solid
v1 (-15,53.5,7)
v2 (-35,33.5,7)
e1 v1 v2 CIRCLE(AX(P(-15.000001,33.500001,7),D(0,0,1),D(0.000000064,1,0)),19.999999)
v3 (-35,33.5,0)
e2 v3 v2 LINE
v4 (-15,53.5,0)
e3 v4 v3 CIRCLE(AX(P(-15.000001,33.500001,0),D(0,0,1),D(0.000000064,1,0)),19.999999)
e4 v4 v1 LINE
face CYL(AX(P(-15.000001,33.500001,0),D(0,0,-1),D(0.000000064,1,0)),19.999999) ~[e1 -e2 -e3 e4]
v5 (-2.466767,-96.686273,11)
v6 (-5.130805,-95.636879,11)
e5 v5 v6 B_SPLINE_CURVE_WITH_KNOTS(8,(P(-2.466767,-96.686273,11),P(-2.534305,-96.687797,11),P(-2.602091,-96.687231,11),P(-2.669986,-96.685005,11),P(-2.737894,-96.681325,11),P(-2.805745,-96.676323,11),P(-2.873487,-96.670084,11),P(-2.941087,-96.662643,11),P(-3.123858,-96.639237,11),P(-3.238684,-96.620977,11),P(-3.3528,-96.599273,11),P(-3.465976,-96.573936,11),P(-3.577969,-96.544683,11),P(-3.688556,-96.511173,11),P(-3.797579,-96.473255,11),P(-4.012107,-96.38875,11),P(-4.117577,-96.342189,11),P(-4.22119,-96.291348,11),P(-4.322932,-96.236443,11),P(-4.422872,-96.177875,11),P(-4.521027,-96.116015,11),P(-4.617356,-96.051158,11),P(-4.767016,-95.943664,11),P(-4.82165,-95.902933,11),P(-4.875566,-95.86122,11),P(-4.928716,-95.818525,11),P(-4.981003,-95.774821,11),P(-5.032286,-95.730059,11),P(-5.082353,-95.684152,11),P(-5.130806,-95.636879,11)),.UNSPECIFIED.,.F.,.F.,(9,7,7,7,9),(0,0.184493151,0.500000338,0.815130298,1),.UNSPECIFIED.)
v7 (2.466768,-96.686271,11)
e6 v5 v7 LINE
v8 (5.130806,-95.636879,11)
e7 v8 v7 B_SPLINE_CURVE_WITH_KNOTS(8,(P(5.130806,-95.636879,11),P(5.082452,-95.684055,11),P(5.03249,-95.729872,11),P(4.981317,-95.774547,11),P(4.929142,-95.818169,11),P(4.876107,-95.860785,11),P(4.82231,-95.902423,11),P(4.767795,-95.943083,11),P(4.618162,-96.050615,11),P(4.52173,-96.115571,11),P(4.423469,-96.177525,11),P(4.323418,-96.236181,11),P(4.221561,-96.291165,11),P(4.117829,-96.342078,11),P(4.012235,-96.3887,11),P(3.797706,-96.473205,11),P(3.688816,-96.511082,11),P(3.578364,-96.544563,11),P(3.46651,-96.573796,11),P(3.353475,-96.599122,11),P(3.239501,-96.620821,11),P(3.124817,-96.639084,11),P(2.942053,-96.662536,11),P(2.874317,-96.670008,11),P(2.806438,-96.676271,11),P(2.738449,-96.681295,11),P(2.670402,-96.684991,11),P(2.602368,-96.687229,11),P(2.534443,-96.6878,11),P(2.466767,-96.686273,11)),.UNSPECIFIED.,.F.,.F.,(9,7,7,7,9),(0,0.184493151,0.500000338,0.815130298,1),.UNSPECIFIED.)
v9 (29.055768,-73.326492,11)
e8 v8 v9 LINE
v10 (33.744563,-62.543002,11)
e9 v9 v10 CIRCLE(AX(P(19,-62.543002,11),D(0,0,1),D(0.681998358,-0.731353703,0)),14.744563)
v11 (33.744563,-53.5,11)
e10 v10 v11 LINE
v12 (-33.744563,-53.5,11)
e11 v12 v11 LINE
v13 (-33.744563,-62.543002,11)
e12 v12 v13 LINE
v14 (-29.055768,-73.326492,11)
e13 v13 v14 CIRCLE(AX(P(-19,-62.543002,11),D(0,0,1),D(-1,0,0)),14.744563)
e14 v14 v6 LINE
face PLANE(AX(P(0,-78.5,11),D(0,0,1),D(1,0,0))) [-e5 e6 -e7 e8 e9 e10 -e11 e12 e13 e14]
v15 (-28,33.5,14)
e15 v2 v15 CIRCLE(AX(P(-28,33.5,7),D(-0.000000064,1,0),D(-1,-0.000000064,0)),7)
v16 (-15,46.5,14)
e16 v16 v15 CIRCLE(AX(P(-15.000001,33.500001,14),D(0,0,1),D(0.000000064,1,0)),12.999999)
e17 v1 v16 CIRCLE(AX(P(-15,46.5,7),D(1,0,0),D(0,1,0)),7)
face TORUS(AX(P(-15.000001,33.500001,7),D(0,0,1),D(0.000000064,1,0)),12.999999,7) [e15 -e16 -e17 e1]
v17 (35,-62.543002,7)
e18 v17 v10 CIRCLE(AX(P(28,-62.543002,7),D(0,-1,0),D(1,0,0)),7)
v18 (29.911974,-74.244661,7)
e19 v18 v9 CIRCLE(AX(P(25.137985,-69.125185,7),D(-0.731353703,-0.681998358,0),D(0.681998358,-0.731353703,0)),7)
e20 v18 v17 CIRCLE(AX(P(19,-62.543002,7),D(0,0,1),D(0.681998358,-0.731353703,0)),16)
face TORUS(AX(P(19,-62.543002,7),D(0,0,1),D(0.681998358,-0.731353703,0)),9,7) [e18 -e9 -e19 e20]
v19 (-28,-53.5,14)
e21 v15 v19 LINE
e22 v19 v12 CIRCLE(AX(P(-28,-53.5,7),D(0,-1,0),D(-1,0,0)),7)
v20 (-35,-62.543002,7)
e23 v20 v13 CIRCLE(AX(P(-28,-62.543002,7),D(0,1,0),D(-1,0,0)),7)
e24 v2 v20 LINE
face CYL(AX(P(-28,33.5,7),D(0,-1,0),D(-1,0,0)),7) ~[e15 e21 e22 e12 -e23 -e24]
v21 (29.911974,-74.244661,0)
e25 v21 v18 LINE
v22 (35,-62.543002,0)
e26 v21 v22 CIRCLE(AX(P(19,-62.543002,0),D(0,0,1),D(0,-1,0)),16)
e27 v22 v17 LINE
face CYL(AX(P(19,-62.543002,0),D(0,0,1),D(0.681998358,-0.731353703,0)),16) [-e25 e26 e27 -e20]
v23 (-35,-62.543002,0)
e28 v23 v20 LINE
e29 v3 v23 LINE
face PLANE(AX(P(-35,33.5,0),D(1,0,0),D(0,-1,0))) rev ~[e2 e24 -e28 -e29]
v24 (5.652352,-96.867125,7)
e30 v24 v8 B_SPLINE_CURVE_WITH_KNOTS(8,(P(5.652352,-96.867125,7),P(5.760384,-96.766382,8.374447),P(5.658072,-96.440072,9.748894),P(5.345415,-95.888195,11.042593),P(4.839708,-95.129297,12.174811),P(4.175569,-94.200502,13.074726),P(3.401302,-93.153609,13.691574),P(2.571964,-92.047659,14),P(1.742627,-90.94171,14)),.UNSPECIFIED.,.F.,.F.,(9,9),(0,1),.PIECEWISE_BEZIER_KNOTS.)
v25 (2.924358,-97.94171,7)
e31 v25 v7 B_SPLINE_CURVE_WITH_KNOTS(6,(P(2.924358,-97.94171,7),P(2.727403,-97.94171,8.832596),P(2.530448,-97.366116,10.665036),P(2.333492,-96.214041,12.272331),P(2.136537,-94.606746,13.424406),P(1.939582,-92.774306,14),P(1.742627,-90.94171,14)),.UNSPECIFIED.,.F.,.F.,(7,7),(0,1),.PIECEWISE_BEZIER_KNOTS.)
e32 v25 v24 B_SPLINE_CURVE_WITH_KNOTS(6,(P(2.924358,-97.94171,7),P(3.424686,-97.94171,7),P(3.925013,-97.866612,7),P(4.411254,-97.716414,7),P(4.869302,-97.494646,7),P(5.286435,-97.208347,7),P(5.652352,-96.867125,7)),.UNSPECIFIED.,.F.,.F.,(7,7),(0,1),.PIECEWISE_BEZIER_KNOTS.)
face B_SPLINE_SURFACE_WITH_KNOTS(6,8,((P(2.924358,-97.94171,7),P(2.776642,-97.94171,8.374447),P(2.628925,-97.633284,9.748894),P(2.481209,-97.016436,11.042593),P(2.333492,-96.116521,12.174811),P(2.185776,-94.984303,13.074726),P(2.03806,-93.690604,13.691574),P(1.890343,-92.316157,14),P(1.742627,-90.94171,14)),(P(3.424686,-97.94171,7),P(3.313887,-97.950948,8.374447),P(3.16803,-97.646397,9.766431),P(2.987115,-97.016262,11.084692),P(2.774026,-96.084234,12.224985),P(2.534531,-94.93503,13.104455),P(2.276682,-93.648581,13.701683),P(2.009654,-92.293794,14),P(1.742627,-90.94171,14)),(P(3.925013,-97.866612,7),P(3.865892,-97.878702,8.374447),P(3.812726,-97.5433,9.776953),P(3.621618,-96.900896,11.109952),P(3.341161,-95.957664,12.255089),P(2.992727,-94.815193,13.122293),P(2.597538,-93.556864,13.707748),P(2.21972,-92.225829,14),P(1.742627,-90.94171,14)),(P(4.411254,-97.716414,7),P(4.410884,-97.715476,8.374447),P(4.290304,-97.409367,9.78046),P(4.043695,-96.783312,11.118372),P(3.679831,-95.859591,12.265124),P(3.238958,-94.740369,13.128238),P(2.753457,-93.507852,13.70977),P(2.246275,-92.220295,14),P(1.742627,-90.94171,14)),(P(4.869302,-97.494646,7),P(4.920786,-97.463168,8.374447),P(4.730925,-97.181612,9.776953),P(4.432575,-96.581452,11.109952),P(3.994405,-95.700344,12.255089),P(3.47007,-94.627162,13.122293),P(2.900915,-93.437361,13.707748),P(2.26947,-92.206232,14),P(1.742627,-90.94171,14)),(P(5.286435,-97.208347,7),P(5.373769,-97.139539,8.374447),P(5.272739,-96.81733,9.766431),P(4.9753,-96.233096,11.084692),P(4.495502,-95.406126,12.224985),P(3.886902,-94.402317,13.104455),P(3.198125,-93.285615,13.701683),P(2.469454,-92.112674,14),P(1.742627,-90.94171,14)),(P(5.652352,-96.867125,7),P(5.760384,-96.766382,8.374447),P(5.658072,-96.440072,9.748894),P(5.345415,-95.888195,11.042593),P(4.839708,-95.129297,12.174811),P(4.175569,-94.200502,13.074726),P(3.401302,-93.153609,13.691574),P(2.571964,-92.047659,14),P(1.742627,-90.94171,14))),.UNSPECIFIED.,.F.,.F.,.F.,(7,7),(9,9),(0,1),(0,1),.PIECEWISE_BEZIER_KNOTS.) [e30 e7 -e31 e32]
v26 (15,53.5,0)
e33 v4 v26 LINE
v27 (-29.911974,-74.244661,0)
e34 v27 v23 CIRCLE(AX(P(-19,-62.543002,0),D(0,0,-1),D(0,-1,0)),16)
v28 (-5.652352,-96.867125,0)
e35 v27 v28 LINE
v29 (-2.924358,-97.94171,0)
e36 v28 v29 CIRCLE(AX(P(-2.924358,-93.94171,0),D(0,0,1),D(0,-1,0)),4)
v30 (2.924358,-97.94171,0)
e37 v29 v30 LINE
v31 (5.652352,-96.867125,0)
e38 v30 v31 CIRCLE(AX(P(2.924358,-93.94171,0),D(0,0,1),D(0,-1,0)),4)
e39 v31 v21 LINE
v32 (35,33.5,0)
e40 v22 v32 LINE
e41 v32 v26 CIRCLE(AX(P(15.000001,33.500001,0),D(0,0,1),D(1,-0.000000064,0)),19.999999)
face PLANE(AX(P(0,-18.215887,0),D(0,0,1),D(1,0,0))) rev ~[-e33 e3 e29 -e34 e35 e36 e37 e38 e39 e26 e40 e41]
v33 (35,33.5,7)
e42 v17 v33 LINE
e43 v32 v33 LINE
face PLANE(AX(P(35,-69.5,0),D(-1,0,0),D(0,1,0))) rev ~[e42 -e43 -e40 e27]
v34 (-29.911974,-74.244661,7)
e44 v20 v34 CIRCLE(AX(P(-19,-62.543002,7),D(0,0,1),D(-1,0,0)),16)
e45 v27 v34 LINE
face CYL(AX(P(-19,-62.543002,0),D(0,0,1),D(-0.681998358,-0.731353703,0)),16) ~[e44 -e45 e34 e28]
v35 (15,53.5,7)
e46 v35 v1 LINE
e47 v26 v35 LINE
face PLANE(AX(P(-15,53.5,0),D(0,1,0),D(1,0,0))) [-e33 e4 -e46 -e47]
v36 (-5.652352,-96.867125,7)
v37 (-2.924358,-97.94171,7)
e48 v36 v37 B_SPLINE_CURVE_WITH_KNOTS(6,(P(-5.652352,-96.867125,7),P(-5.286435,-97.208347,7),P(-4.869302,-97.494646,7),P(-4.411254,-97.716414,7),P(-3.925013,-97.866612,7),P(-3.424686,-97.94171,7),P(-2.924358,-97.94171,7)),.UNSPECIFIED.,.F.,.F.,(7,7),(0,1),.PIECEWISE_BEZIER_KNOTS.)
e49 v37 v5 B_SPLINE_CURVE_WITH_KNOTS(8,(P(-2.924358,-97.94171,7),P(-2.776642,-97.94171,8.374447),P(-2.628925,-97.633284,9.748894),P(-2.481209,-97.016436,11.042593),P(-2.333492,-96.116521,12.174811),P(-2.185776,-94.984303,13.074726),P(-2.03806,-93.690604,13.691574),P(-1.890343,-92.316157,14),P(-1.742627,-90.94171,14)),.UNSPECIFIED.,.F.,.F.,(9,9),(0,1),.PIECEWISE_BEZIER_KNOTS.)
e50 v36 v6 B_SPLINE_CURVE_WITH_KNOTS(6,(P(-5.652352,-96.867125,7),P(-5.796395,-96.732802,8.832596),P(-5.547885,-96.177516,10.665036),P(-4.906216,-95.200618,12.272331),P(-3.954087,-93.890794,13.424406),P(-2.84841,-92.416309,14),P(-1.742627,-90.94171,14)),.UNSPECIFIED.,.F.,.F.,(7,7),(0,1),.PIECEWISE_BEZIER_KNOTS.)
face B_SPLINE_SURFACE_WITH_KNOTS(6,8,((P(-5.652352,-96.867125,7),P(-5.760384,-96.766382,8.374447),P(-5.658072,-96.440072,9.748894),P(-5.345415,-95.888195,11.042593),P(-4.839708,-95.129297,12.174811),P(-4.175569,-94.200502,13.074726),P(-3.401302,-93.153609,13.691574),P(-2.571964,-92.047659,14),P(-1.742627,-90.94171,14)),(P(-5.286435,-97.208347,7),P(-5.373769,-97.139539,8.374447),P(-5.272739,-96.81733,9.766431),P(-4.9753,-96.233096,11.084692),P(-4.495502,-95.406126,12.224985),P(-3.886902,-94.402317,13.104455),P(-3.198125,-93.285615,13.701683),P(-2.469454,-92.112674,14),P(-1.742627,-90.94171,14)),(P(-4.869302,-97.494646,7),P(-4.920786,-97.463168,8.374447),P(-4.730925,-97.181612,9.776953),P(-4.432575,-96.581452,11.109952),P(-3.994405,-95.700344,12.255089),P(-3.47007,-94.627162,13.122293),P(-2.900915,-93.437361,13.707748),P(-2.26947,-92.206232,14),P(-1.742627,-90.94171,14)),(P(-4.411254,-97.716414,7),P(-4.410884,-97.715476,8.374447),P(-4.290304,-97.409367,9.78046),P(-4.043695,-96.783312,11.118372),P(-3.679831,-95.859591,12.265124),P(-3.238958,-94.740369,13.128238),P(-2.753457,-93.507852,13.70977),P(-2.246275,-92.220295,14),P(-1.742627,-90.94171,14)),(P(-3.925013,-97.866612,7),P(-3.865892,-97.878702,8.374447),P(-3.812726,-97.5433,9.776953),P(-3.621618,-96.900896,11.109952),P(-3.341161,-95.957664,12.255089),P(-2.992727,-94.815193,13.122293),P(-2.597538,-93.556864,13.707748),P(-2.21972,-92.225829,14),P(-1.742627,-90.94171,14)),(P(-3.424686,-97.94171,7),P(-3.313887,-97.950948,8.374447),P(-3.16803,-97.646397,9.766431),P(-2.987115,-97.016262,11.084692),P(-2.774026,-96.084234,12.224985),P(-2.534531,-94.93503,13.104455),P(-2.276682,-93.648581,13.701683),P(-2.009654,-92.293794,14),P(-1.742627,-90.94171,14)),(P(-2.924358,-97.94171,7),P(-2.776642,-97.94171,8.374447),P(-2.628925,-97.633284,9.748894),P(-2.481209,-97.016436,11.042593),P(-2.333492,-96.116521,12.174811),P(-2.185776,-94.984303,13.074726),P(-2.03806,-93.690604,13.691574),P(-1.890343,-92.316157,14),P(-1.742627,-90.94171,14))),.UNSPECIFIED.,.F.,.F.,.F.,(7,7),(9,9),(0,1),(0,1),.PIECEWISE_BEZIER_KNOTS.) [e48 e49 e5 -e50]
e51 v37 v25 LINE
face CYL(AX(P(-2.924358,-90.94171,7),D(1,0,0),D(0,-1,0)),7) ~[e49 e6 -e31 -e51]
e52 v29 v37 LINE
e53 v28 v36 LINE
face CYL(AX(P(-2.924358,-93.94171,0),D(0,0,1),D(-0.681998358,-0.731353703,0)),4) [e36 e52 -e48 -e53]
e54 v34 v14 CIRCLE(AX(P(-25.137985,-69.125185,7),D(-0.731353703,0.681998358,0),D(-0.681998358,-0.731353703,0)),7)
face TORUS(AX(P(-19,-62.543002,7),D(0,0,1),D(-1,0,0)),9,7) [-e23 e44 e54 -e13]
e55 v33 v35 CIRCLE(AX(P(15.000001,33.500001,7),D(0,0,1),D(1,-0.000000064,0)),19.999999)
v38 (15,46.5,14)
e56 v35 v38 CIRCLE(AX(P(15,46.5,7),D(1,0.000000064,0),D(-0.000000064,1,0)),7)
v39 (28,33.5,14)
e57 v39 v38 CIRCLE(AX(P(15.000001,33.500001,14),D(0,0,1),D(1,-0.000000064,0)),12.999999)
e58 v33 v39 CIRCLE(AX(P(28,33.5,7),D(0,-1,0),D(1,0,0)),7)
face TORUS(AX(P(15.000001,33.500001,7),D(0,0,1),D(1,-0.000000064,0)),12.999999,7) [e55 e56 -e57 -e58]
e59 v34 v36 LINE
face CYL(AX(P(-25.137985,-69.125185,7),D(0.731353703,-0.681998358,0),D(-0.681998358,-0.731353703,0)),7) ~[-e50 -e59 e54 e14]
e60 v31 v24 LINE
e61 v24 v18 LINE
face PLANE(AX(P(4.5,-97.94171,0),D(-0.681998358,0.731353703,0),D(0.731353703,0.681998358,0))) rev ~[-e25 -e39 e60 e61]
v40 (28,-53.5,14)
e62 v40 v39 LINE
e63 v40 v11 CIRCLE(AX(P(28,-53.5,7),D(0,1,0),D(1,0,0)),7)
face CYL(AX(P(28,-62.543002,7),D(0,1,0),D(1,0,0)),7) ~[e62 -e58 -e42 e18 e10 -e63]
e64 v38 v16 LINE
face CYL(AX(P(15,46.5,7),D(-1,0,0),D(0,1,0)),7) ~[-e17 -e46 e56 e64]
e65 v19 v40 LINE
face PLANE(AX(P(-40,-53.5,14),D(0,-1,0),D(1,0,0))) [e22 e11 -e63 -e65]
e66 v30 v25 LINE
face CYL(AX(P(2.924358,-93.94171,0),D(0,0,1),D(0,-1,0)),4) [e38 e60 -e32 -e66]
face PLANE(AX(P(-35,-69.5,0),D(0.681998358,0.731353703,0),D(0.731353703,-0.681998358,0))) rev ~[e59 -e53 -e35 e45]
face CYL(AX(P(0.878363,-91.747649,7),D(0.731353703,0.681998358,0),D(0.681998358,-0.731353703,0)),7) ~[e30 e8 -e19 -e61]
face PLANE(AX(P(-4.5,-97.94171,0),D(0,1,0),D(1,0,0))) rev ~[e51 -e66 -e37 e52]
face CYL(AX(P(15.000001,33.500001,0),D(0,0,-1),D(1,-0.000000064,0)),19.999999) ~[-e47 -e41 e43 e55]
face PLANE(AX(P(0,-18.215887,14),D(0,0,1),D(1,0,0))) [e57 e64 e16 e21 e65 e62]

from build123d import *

# Parameters (mm, degrees)
PAD_DEPTH    = 14
FILLET001_R  = 4
FILLET002_R  = 16
FILLET_R     = 7
SKETCH059_W  = 80
SKETCH059_H  = 50
POCKET_DEPTH = 3


with BuildPart() as part:
    # Sketch → Pad (new body)
    with BuildSketch(Plane.XY):
        with BuildLine():
            Line((-35, -53.5), (-35, -69.5))
            Line((-35, -69.5), (-4.5, -97.94171))
            Line((-4.5, -97.94171), (4.5, -97.94171))
            Line((4.5, -97.94171), (35, -69.5))
            Line((35, -69.5), (35, -53.5))
            Line((35, 33.5), (35, -53.5))
            ThreePointArc((35, 33.5), (29.142136, 47.642136), (15, 53.5))
            Line((-15, 53.5), (15, 53.5))
            ThreePointArc((-15, 53.5), (-29.142136, 47.642136), (-35, 33.5))
            Line((-35, 33.5), (-35, -53.5))
        make_face()
    extrude(amount=PAD_DEPTH)

    # Fillet001
    fillet001_edges = [part.edges().sort_by_distance(p)[0] for p in [
        (-4.5, -97.94171, 7),
        (4.5, -97.94171, 7),
    ]]
    fillet(fillet001_edges, radius=FILLET001_R)

    # Fillet002
    fillet002_edges = [part.edges().sort_by_distance(p)[0] for p in [
        (35, -69.5, 7),
        (-35, -69.5, 7),
    ]]
    fillet(fillet002_edges, radius=FILLET002_R)

    # Fillet
    fillet_edges = [part.edges().sort_by_distance(p)[0] for p in [
        (-17.782163, -85.555893, 14),
        (-33.672961, -68.922987, 14),
        (-4.390363, -97.66338, 14),
        (-35, -58.021501, 14),
        (0, -97.94171, 14),
        (-35, -10, 14),
        (4.390363, -97.66338, 14),
        (-29.142136, 47.642136, 14),
        (17.782163, -85.555893, 14),
        (0, 53.5, 14),
        (33.672961, -68.922987, 14),
        (29.142136, 47.642136, 14),
        (35, -58.021501, 14),
        (35, -10, 14),
    ]]
    fillet(fillet_edges, radius=FILLET_R)

    # Sketch059 (on Face8 of Clone015) → Pocket (cut)
    with BuildSketch(Plane.XY.offset(14)):
        with Locations((0, -78.5)):
            Rectangle(SKETCH059_W, SKETCH059_H)
    extrude(amount=-POCKET_DEPTH, mode=Mode.SUBTRACT)


solid = part.part
